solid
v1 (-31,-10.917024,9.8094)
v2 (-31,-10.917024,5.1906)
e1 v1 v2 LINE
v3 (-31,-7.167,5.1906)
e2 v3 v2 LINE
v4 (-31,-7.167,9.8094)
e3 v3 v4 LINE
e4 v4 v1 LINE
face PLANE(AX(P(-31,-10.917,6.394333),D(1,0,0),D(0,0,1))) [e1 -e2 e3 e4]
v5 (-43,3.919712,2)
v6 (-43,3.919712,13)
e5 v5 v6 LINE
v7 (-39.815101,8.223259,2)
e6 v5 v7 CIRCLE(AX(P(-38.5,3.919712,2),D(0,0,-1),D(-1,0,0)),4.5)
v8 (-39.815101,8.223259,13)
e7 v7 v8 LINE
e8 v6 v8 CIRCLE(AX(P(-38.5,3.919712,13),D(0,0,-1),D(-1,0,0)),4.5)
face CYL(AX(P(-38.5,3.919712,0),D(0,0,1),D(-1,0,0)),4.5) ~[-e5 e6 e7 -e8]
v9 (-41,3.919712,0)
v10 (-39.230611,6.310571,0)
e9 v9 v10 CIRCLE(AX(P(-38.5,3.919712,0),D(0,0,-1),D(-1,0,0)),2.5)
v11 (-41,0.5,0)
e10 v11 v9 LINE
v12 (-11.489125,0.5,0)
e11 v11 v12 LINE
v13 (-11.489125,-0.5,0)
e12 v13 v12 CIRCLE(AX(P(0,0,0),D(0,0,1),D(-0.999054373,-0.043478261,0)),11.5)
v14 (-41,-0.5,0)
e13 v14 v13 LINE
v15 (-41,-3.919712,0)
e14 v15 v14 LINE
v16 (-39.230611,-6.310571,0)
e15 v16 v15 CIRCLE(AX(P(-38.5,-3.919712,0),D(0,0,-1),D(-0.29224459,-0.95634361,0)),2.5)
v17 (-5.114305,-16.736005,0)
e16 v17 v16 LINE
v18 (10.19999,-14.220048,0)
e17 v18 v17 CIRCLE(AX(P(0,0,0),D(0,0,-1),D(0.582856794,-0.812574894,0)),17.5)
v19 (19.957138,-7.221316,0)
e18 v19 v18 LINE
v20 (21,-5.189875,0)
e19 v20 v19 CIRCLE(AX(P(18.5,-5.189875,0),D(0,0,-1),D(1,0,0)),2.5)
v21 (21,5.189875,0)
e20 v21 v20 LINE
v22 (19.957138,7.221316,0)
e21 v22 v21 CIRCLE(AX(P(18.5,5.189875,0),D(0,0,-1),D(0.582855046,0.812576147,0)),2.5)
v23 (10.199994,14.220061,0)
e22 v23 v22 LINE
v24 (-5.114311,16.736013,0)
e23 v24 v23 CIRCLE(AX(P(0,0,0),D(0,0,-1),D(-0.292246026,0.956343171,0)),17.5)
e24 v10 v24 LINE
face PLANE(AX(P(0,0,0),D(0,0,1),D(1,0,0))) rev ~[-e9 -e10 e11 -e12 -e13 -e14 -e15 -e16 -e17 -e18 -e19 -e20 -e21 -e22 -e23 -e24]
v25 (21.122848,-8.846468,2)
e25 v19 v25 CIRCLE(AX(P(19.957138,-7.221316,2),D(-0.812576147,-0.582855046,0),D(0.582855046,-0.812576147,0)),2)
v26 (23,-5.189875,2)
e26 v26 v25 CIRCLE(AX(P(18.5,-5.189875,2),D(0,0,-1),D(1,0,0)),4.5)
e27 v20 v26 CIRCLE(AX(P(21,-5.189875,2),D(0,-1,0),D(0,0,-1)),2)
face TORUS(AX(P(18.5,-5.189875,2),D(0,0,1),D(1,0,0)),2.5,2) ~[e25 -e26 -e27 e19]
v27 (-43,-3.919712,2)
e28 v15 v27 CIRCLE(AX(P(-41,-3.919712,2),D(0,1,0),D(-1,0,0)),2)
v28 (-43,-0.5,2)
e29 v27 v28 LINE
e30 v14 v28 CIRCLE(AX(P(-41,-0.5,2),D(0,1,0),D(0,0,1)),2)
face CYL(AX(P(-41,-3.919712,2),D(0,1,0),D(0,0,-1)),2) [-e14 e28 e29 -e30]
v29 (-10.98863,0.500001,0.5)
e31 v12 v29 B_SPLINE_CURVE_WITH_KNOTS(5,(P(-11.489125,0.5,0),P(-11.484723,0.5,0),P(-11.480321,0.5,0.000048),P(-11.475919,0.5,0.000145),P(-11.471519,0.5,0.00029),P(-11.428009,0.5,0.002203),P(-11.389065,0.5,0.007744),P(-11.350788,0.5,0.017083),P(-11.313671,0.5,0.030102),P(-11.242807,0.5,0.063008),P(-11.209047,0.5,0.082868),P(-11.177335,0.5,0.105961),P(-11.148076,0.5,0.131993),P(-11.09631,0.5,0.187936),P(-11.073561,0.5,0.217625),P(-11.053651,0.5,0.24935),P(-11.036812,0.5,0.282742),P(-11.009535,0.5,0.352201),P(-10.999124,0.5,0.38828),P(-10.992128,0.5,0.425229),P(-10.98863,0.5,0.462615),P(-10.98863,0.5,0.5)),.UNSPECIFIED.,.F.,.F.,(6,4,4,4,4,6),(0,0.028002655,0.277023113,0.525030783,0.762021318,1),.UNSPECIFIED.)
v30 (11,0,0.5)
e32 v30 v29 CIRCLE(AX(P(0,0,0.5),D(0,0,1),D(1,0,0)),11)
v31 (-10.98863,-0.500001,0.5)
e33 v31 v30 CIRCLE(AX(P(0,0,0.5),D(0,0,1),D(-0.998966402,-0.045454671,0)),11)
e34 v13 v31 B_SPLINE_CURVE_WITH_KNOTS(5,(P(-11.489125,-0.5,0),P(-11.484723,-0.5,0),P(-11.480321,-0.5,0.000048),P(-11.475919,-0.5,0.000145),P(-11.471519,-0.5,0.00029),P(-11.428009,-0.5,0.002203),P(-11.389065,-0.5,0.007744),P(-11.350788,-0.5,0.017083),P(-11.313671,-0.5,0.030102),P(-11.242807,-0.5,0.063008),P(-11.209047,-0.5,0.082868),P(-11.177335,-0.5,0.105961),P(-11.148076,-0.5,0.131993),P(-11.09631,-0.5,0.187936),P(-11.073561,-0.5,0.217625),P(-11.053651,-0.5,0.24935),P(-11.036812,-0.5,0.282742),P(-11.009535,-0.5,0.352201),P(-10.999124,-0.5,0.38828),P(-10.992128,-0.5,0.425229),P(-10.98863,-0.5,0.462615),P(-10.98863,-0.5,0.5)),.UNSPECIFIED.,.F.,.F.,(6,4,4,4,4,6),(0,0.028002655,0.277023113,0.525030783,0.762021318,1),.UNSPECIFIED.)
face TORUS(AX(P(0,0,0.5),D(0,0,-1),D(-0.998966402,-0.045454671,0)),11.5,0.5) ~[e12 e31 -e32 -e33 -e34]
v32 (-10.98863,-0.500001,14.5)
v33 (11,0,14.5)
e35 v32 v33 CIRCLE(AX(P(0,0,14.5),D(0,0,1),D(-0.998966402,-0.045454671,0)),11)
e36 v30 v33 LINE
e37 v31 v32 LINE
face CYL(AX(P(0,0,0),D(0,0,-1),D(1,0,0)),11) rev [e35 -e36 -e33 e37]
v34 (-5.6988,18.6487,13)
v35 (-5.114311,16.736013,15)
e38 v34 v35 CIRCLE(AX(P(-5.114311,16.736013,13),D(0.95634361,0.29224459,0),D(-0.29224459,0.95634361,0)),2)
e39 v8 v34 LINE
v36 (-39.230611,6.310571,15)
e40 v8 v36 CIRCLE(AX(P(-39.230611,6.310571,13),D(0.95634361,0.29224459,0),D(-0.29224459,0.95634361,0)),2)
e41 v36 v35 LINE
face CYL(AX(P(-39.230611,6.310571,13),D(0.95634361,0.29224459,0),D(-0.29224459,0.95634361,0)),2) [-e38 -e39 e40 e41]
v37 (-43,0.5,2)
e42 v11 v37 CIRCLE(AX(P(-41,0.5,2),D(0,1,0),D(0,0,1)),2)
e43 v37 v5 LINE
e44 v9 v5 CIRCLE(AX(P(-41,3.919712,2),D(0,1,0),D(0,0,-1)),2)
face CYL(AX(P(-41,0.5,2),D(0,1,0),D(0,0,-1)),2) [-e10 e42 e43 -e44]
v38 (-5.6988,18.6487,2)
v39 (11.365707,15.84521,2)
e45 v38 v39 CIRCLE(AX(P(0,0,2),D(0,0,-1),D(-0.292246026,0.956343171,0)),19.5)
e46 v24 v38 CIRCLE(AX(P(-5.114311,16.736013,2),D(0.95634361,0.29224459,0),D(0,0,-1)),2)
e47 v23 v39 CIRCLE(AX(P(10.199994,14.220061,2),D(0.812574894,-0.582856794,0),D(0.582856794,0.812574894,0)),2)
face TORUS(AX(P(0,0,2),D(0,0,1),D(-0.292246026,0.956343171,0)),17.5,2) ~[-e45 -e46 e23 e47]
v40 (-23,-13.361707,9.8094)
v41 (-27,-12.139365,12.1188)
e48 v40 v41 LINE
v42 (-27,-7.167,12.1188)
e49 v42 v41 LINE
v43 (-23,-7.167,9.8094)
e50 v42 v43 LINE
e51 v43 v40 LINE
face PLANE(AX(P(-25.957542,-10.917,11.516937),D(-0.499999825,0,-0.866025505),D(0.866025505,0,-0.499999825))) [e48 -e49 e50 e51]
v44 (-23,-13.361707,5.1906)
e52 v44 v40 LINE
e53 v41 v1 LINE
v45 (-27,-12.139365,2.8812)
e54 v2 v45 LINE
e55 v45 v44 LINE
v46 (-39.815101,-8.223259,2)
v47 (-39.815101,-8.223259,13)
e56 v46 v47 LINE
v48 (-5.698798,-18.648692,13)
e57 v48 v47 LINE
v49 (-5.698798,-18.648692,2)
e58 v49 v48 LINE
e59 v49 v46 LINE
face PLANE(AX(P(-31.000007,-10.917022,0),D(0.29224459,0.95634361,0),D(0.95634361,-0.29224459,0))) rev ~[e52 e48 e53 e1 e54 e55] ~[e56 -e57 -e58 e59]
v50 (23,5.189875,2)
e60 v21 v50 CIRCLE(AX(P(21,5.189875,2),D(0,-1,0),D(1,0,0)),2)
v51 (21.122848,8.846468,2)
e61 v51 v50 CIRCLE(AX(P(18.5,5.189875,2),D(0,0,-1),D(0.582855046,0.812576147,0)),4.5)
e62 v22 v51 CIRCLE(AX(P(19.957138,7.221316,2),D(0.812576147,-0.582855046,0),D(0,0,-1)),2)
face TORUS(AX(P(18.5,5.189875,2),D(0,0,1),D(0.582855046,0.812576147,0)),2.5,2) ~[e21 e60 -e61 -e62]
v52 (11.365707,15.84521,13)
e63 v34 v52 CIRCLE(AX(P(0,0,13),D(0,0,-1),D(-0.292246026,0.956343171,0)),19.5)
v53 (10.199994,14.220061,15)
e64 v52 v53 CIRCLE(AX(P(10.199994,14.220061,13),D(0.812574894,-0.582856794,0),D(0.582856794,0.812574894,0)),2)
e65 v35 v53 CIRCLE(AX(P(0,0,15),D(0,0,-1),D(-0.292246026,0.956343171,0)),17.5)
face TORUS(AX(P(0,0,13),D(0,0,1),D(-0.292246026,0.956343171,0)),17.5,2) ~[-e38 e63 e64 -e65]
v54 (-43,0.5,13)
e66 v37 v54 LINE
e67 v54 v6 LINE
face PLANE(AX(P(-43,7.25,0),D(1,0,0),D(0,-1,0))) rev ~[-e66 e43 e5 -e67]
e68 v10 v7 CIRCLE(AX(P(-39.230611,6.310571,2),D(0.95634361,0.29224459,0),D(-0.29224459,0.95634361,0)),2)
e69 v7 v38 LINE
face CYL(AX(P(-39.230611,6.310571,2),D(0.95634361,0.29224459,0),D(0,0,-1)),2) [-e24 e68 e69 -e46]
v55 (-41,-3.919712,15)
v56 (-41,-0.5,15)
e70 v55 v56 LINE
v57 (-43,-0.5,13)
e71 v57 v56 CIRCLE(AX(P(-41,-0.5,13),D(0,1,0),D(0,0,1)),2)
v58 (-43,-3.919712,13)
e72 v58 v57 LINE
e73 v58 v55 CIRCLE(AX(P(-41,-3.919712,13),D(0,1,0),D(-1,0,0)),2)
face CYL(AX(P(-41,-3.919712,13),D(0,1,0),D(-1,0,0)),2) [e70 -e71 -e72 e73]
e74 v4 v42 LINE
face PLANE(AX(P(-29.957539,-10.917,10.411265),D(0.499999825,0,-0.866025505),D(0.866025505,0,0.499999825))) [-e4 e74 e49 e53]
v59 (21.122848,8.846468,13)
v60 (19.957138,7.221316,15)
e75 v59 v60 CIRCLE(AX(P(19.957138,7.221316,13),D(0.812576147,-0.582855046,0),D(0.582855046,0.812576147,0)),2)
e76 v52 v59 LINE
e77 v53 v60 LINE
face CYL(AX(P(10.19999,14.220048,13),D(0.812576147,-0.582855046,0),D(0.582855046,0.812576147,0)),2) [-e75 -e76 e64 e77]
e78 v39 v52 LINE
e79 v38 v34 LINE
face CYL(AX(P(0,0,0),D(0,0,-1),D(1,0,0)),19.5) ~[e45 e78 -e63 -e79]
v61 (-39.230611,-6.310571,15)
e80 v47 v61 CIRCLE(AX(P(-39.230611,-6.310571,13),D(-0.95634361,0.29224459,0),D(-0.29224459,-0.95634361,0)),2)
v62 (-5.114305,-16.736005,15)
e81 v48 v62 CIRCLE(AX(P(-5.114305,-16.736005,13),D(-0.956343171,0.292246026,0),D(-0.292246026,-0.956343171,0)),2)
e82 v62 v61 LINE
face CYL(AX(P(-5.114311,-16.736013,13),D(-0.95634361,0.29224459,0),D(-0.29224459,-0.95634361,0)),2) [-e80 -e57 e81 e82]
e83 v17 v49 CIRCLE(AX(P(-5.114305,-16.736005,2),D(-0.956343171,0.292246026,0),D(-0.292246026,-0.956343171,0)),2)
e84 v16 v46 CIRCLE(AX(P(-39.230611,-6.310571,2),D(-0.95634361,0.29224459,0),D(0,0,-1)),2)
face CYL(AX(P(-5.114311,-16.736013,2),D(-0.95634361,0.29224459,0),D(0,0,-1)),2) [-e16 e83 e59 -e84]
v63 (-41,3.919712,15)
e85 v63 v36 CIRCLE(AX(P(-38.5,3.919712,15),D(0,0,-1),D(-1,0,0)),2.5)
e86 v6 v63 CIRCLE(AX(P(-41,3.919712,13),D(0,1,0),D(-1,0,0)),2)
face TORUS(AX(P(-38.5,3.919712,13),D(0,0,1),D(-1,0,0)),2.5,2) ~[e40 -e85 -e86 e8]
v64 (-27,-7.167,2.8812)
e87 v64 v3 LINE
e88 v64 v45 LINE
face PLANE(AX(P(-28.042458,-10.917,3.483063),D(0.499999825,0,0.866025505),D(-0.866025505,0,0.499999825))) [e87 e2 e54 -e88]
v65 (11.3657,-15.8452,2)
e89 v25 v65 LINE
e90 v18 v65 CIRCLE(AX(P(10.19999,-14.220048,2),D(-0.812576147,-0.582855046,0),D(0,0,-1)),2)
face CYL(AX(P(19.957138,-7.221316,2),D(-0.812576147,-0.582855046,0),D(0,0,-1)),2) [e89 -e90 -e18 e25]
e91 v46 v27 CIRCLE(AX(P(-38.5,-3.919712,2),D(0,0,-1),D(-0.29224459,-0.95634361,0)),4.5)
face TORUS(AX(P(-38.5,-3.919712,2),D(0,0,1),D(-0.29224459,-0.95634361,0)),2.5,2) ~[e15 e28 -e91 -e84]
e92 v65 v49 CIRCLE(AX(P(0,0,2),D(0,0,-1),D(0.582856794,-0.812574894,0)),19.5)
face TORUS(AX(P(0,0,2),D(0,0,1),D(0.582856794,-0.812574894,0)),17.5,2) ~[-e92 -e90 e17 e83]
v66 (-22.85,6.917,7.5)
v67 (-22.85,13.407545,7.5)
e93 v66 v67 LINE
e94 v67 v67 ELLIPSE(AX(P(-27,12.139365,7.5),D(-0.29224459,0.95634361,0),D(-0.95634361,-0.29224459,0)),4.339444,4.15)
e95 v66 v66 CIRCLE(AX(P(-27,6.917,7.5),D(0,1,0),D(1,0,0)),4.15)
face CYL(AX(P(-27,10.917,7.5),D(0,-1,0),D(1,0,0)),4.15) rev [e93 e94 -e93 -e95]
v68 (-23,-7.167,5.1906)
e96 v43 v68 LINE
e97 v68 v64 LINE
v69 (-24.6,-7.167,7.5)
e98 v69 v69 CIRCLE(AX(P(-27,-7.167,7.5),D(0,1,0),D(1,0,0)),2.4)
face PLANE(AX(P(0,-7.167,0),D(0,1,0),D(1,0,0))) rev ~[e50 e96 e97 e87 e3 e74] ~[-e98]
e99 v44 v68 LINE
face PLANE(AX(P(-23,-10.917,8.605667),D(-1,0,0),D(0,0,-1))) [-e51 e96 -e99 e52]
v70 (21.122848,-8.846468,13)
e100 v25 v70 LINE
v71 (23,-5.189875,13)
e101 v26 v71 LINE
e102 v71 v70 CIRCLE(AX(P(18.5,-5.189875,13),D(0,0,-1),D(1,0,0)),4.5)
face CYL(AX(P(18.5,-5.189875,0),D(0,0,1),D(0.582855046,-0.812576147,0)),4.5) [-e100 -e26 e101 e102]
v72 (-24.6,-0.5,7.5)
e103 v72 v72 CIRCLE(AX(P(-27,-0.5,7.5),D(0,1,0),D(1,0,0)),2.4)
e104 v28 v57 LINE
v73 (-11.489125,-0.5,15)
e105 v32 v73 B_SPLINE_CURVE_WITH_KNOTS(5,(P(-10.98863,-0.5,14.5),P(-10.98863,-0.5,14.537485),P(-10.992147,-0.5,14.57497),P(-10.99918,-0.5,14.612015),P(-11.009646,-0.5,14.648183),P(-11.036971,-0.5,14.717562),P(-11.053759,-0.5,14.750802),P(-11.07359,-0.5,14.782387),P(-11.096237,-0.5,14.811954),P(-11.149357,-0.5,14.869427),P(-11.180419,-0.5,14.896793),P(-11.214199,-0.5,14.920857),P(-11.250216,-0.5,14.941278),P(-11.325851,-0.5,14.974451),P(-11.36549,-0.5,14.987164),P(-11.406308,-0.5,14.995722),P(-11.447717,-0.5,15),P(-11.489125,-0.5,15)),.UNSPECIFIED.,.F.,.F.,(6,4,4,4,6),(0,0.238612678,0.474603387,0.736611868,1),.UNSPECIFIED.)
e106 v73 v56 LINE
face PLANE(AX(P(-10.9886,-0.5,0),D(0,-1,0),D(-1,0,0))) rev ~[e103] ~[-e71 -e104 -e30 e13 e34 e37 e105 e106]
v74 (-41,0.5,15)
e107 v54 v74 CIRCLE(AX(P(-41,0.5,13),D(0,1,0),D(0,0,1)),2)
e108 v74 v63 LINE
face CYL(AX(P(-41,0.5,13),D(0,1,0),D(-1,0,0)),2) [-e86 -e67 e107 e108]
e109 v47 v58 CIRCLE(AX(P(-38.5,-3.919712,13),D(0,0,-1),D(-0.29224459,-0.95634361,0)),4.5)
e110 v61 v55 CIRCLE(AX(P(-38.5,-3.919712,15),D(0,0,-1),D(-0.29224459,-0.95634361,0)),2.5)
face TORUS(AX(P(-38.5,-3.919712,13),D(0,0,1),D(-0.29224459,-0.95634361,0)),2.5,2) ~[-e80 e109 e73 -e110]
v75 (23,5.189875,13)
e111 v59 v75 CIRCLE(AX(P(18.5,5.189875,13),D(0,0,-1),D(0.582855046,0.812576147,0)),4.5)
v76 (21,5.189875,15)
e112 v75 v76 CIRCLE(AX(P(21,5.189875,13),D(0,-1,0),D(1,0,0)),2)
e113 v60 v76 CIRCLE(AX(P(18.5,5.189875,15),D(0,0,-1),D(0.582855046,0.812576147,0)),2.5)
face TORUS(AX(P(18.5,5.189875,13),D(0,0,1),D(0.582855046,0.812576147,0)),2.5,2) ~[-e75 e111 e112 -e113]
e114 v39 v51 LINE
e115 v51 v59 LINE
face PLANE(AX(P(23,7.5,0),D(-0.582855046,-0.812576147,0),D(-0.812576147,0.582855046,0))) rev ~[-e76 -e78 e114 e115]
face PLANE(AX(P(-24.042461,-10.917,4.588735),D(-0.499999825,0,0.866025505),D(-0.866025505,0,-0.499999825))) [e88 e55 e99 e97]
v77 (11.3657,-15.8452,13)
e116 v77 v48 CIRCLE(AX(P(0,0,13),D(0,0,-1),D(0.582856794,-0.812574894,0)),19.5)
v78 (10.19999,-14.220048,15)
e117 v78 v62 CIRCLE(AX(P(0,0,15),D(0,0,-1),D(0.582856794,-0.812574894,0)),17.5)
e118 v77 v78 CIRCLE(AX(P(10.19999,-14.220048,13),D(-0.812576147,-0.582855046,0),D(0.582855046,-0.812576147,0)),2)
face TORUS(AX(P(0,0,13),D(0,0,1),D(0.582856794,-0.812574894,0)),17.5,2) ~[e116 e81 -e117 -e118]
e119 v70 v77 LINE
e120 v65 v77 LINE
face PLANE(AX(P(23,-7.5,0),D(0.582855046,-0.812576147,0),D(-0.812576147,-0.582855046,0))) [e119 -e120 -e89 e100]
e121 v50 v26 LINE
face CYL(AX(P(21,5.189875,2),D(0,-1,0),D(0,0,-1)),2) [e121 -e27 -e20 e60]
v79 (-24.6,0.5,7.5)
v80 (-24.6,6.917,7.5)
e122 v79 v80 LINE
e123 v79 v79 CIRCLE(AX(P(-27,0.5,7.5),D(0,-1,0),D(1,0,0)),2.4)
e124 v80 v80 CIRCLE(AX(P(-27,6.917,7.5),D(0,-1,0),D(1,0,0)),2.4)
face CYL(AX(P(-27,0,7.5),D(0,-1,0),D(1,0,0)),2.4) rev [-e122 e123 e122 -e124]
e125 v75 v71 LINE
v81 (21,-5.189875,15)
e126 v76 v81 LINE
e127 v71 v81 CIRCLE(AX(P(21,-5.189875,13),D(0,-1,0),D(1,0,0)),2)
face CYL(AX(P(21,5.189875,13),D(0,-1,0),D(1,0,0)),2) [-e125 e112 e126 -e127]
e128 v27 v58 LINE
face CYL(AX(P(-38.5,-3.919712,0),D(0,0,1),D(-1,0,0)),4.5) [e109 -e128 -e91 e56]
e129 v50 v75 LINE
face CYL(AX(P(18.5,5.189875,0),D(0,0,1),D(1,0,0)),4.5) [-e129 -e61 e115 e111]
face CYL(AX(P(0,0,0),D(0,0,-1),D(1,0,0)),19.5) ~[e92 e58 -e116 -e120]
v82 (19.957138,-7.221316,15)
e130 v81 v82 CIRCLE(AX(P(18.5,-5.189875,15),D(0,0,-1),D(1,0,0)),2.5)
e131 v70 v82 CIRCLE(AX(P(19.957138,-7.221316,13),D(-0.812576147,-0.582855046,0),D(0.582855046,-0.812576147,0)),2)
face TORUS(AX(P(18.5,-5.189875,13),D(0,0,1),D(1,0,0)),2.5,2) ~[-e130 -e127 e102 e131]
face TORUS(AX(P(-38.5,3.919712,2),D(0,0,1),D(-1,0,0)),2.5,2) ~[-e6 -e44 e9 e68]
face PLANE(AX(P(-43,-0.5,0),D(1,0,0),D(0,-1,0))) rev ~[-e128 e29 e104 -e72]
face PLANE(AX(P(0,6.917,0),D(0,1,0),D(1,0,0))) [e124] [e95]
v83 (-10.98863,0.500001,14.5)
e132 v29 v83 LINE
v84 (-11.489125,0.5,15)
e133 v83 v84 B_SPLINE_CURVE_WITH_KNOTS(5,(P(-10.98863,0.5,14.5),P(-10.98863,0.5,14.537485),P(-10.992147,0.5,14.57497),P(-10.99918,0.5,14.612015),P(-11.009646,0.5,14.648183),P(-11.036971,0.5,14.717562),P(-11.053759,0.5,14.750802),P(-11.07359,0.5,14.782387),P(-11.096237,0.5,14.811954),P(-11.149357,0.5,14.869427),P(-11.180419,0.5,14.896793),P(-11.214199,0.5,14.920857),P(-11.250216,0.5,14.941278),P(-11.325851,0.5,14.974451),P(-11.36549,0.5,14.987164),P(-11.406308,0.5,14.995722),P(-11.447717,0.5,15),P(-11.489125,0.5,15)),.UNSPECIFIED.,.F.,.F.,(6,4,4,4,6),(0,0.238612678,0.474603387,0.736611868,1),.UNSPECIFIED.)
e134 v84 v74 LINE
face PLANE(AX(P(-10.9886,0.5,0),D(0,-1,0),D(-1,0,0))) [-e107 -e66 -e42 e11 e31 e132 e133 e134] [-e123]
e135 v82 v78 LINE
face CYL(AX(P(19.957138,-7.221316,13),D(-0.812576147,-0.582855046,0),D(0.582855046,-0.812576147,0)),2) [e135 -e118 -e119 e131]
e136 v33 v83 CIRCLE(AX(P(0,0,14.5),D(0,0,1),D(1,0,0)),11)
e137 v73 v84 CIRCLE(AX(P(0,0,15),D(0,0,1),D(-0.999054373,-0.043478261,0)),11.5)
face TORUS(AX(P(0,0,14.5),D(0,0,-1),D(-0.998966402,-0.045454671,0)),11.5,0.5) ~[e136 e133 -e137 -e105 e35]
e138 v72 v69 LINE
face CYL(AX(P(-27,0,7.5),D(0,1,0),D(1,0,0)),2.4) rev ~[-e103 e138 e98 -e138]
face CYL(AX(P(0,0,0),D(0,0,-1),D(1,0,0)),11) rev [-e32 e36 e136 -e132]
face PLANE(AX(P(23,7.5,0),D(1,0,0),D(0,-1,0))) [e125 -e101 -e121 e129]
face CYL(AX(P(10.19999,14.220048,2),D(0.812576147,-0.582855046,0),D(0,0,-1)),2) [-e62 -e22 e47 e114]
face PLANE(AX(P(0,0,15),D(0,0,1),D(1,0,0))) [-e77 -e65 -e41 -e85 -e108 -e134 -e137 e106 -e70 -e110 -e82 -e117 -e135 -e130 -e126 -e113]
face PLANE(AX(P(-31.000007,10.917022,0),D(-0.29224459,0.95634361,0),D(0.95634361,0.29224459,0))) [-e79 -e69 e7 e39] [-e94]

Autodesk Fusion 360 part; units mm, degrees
sketch "Sketch1" plane through (0, 0, 0) normal (0, 0, 1) x (1, 0, 0)
  circle A0 centre (0, 0) radius 11
  circle A1 centre (0, 0) radius 19.5
  line L0 (-43, 7.25) -> (-43, -7.25)
  line L1 (23, 7.5) -> (23, -7.5)
  line L2 (-43, 7.25) -> (-5.6988, 18.6487)
  line L3 (-43, -7.25) -> (-5.6988, -18.6487)
  line L4 (23, 7.5) -> (11.3657, 15.8452)
  line L5 (23, -7.5) -> (11.3657, -15.8452)
  line L6 (-31, 0) -> (-23, 0) construction
  line L7 (-19.5, 0) -> (-43, 0) construction
  line L8 (-31, 10.917) -> (-31, -10.917)
  line L9 (-10.9886, 0.5) -> (-43, 0.5)
  line L10 (-10.9886, -0.5) -> (-43, -0.5)
  line L11 (-10.9886, 0.5) -> (-10.9886, -0.5) construction
  line L12 (-11, 0) -> (-43, 0) construction
  line L13 (-31, -10.917) -> (-1.3486, -10.917) construction
  line L14 (-31, 10.917) -> (-1.3486, 10.917) construction
  point P0 (11, 0)
  point P1 (-43, 0)
  point P2 (23, 0)
  point P3 (-11, 0)
  point P4 (-19.5, 0)
  point P5 (-10.9886, 0)
  point P6 (-27, 0)
  point P7 (-27, 0)
  dimension "d1" = 22
  dimension "d2" = 8.5
  dimension "d7" = 14.5
  dimension "d8" = 15
  dimension "d9" = 12
  dimension "d14" = 8
  dimension "d15" = 12
  dimension "d16" = 3.5
  dimension "d17" = 32
  dimension "d47" = 1
  dimension "d48" = 20.0114
extrude "Extrude1" add sketch "Sketch1" along normal blind 15 contours A0 A1 L9 L10 | A1 L2 L8 L9 | A1 L3 L8 L10 | L0 L2 L8 L9 | L0 L3 L8 L10 | A1 L1 L4 L5 picked at (-9.972, 13.3152)
sketch "Sketch2" plane through (0, 0, 0) normal (0, 1, 0) x (1, 0, 0)
  line L0 (-19.5, 0) -> (-43, 0)
  line L1 (-43, -15) -> (-5.6988, -15) construction
  circle A0 centre (-27, -7.5) radius 2.4
  line L2 (-23, -5.1906) -> (-27, -2.8812)
  line L3 (-27, -2.8812) -> (-31, -5.1906)
  line L4 (-31, -5.1906) -> (-31, -9.8094)
  line L5 (-31, -9.8094) -> (-27, -12.1188)
  line L6 (-27, -12.1188) -> (-23, -9.8094)
  line L7 (-23, -9.8094) -> (-23, -5.1906)
  line L8 (-43, 0) -> (-5.6988, 0) construction
  line L9 (-5.6988, 0) -> (-5.6988, -15) construction
  line L10 (-5.6988, -15) -> (-43, -15) construction
  line L11 (-43, -15) -> (-43, 0) construction
  line L12 (-31, -15) -> (-31, 0) construction
  line L13 (-43, 0) -> (-5.6988, 0) construction
  circle A1 centre (-27, -7.5) radius 4.15
  line L14 (-27, 0) -> (-27, -15) construction
  point P0 (-31.25, 0)
  point P1 (-27, -7.5)
  point P2 (-27, -7.5)
  point P3 (-31, 0)
  point P4 (-27, 0)
  point P5 (-27, -7.5)
  dimension "d24" = 4.8
  dimension "d25" = 4
  dimension "d39" = 8.3
ref_plane "WorkPlane3" through (-16.1743, -10.917, 0) normal (0, -1, 0) x (1, 0, 0)
ref_plane "WorkPlane4" through (-16.1743, 10.917, 0) normal (0, -1, 0) x (1, 0, 0)
extrude "Extrude3" cut sketch "Sketch2" along normal blind 3.75 and the other way blind 30 from surface at -10.917 contours A0 | L2 L7 A1 | L2 L3 L4 L5 L6 L7 A1 | L2 L3 A1 | L6 L7 A1 | L3 L4 A1 | L5 L6 A1 | L4 L5 A1
extrude "Extrude4" cut sketch "Sketch2" along normal mid plane 40 contours A0
extrude "Extrude5" cut sketch "Sketch2" along normal blind 8.5 and the other way blind 4 from surface at 10.917 contours A0 | L2 L3 L4 L5 L6 L7 A1 | L2 A1 | L7 A1 | L3 A1 | L6 A1 | L4 A1 | L5 A1
sketch "Sketch3" plane through (0, 0, 15) normal (0, 0, 1) x (-1, 0, 0)
  arc A0 (10.9886, 0.5) -> (10.9886, -0.5) centre (0, 0) ccw
  line L0 (10.9886, 0.5) -> (43, 0.5)
  line L1 (43, 0.5) -> (43, 7.25)
  line L2 (43, 7.25) -> (5.6988, 18.6487)
  arc A1 (5.6988, 18.6487) -> (-11.3657, 15.8452) centre (0, 0) ccw
  line L3 (-11.3657, 15.8452) -> (-23, 7.5)
  line L4 (-23, 7.5) -> (-23, -7.5)
  line L5 (-23, -7.5) -> (-11.3657, -15.8452)
  arc A2 (-11.3657, -15.8452) -> (5.6988, -18.6487) centre (0, 0) ccw
  line L6 (5.6988, -18.6487) -> (43, -7.25)
  line L7 (43, -7.25) -> (43, -0.5)
  line L8 (43, -0.5) -> (10.9886, -0.5)
fillet "Fillet1" radius 4.5 4 edges at (-43, -7.25, 7.5) (23, -7.5, 7.5) (23, 7.5, 7.5) (-43, 7.25, 7.5)
fillet "Fillet2" radius 2 26 edges at (16.2443, -12.3458, 15) (22.5033, -7.245, 15) (23, 0, 15) (22.5033, 7.245, 15) (16.2443, 12.3458, 15) (3.1612, 19.2421, 15) (-22.7569, 13.436, 15) (-42.1172, 6.5967, 15) (-43, 2.2099, 15) (-43, -2.2099, 15) (-42.1172, -6.5967, 15) (-22.7569, -13.436, 15) (3.1612, -19.2421, 15) (16.2443, -12.3458, 0) (22.5033, -7.245, 0) (23, 0, 0) (22.5033, 7.245, 0) (16.2443, 12.3458, 0) (3.1612, 19.2421, 0) (-22.7569, 13.436, 0) (-42.1172, 6.5967, 0) (-43, 2.2099, 0) (-43, -2.2099, 0) (-42.1172, -6.5967, 0) (-22.7569, -13.436, 0) (3.1612, -19.2421, 0)
fillet "Fillet3" radius 0.5 2 edges at (11, 0, 15) (11, 0, 0)
sketch "Sketch6" plane through (0, 0, 15) normal (0, 0, 1) x (-1, 0, 0)
  line L0 (43, 0.5) -> (43, 7.25)
  line L1 (43, 7.25) -> (5.6988, 18.6487)
  arc A0 (5.6988, 18.6487) -> (-11.3657, 15.8452) centre (0, 0) ccw
  line L2 (-11.3657, 15.8452) -> (-23, 7.5)
  line L3 (-23, 7.5) -> (-23, -7.5)
  line L4 (-23, -7.5) -> (-11.3657, -15.8452)
  arc A1 (-11.3657, -15.8452) -> (5.6988, -18.6487) centre (0, 0) ccw
  line L5 (5.6988, -18.6487) -> (43, -7.25)
  line L6 (43, -7.25) -> (43, -0.5)
  line L7 (43, 0.5) -> (43, -0.5)
  line L8 (-23, 1.25) -> (-23.5, 0)
  line L9 (-23.5, 0) -> (-23, -1.25)
  line L10 (-23, 1.25) -> (-23, -1.25)
  point P0 (-23, 0)
  dimension "d60" = 0.5
  dimension "d61" = 2.5
equation "d25 = ( 8 / 2 ) * 1 mm"
